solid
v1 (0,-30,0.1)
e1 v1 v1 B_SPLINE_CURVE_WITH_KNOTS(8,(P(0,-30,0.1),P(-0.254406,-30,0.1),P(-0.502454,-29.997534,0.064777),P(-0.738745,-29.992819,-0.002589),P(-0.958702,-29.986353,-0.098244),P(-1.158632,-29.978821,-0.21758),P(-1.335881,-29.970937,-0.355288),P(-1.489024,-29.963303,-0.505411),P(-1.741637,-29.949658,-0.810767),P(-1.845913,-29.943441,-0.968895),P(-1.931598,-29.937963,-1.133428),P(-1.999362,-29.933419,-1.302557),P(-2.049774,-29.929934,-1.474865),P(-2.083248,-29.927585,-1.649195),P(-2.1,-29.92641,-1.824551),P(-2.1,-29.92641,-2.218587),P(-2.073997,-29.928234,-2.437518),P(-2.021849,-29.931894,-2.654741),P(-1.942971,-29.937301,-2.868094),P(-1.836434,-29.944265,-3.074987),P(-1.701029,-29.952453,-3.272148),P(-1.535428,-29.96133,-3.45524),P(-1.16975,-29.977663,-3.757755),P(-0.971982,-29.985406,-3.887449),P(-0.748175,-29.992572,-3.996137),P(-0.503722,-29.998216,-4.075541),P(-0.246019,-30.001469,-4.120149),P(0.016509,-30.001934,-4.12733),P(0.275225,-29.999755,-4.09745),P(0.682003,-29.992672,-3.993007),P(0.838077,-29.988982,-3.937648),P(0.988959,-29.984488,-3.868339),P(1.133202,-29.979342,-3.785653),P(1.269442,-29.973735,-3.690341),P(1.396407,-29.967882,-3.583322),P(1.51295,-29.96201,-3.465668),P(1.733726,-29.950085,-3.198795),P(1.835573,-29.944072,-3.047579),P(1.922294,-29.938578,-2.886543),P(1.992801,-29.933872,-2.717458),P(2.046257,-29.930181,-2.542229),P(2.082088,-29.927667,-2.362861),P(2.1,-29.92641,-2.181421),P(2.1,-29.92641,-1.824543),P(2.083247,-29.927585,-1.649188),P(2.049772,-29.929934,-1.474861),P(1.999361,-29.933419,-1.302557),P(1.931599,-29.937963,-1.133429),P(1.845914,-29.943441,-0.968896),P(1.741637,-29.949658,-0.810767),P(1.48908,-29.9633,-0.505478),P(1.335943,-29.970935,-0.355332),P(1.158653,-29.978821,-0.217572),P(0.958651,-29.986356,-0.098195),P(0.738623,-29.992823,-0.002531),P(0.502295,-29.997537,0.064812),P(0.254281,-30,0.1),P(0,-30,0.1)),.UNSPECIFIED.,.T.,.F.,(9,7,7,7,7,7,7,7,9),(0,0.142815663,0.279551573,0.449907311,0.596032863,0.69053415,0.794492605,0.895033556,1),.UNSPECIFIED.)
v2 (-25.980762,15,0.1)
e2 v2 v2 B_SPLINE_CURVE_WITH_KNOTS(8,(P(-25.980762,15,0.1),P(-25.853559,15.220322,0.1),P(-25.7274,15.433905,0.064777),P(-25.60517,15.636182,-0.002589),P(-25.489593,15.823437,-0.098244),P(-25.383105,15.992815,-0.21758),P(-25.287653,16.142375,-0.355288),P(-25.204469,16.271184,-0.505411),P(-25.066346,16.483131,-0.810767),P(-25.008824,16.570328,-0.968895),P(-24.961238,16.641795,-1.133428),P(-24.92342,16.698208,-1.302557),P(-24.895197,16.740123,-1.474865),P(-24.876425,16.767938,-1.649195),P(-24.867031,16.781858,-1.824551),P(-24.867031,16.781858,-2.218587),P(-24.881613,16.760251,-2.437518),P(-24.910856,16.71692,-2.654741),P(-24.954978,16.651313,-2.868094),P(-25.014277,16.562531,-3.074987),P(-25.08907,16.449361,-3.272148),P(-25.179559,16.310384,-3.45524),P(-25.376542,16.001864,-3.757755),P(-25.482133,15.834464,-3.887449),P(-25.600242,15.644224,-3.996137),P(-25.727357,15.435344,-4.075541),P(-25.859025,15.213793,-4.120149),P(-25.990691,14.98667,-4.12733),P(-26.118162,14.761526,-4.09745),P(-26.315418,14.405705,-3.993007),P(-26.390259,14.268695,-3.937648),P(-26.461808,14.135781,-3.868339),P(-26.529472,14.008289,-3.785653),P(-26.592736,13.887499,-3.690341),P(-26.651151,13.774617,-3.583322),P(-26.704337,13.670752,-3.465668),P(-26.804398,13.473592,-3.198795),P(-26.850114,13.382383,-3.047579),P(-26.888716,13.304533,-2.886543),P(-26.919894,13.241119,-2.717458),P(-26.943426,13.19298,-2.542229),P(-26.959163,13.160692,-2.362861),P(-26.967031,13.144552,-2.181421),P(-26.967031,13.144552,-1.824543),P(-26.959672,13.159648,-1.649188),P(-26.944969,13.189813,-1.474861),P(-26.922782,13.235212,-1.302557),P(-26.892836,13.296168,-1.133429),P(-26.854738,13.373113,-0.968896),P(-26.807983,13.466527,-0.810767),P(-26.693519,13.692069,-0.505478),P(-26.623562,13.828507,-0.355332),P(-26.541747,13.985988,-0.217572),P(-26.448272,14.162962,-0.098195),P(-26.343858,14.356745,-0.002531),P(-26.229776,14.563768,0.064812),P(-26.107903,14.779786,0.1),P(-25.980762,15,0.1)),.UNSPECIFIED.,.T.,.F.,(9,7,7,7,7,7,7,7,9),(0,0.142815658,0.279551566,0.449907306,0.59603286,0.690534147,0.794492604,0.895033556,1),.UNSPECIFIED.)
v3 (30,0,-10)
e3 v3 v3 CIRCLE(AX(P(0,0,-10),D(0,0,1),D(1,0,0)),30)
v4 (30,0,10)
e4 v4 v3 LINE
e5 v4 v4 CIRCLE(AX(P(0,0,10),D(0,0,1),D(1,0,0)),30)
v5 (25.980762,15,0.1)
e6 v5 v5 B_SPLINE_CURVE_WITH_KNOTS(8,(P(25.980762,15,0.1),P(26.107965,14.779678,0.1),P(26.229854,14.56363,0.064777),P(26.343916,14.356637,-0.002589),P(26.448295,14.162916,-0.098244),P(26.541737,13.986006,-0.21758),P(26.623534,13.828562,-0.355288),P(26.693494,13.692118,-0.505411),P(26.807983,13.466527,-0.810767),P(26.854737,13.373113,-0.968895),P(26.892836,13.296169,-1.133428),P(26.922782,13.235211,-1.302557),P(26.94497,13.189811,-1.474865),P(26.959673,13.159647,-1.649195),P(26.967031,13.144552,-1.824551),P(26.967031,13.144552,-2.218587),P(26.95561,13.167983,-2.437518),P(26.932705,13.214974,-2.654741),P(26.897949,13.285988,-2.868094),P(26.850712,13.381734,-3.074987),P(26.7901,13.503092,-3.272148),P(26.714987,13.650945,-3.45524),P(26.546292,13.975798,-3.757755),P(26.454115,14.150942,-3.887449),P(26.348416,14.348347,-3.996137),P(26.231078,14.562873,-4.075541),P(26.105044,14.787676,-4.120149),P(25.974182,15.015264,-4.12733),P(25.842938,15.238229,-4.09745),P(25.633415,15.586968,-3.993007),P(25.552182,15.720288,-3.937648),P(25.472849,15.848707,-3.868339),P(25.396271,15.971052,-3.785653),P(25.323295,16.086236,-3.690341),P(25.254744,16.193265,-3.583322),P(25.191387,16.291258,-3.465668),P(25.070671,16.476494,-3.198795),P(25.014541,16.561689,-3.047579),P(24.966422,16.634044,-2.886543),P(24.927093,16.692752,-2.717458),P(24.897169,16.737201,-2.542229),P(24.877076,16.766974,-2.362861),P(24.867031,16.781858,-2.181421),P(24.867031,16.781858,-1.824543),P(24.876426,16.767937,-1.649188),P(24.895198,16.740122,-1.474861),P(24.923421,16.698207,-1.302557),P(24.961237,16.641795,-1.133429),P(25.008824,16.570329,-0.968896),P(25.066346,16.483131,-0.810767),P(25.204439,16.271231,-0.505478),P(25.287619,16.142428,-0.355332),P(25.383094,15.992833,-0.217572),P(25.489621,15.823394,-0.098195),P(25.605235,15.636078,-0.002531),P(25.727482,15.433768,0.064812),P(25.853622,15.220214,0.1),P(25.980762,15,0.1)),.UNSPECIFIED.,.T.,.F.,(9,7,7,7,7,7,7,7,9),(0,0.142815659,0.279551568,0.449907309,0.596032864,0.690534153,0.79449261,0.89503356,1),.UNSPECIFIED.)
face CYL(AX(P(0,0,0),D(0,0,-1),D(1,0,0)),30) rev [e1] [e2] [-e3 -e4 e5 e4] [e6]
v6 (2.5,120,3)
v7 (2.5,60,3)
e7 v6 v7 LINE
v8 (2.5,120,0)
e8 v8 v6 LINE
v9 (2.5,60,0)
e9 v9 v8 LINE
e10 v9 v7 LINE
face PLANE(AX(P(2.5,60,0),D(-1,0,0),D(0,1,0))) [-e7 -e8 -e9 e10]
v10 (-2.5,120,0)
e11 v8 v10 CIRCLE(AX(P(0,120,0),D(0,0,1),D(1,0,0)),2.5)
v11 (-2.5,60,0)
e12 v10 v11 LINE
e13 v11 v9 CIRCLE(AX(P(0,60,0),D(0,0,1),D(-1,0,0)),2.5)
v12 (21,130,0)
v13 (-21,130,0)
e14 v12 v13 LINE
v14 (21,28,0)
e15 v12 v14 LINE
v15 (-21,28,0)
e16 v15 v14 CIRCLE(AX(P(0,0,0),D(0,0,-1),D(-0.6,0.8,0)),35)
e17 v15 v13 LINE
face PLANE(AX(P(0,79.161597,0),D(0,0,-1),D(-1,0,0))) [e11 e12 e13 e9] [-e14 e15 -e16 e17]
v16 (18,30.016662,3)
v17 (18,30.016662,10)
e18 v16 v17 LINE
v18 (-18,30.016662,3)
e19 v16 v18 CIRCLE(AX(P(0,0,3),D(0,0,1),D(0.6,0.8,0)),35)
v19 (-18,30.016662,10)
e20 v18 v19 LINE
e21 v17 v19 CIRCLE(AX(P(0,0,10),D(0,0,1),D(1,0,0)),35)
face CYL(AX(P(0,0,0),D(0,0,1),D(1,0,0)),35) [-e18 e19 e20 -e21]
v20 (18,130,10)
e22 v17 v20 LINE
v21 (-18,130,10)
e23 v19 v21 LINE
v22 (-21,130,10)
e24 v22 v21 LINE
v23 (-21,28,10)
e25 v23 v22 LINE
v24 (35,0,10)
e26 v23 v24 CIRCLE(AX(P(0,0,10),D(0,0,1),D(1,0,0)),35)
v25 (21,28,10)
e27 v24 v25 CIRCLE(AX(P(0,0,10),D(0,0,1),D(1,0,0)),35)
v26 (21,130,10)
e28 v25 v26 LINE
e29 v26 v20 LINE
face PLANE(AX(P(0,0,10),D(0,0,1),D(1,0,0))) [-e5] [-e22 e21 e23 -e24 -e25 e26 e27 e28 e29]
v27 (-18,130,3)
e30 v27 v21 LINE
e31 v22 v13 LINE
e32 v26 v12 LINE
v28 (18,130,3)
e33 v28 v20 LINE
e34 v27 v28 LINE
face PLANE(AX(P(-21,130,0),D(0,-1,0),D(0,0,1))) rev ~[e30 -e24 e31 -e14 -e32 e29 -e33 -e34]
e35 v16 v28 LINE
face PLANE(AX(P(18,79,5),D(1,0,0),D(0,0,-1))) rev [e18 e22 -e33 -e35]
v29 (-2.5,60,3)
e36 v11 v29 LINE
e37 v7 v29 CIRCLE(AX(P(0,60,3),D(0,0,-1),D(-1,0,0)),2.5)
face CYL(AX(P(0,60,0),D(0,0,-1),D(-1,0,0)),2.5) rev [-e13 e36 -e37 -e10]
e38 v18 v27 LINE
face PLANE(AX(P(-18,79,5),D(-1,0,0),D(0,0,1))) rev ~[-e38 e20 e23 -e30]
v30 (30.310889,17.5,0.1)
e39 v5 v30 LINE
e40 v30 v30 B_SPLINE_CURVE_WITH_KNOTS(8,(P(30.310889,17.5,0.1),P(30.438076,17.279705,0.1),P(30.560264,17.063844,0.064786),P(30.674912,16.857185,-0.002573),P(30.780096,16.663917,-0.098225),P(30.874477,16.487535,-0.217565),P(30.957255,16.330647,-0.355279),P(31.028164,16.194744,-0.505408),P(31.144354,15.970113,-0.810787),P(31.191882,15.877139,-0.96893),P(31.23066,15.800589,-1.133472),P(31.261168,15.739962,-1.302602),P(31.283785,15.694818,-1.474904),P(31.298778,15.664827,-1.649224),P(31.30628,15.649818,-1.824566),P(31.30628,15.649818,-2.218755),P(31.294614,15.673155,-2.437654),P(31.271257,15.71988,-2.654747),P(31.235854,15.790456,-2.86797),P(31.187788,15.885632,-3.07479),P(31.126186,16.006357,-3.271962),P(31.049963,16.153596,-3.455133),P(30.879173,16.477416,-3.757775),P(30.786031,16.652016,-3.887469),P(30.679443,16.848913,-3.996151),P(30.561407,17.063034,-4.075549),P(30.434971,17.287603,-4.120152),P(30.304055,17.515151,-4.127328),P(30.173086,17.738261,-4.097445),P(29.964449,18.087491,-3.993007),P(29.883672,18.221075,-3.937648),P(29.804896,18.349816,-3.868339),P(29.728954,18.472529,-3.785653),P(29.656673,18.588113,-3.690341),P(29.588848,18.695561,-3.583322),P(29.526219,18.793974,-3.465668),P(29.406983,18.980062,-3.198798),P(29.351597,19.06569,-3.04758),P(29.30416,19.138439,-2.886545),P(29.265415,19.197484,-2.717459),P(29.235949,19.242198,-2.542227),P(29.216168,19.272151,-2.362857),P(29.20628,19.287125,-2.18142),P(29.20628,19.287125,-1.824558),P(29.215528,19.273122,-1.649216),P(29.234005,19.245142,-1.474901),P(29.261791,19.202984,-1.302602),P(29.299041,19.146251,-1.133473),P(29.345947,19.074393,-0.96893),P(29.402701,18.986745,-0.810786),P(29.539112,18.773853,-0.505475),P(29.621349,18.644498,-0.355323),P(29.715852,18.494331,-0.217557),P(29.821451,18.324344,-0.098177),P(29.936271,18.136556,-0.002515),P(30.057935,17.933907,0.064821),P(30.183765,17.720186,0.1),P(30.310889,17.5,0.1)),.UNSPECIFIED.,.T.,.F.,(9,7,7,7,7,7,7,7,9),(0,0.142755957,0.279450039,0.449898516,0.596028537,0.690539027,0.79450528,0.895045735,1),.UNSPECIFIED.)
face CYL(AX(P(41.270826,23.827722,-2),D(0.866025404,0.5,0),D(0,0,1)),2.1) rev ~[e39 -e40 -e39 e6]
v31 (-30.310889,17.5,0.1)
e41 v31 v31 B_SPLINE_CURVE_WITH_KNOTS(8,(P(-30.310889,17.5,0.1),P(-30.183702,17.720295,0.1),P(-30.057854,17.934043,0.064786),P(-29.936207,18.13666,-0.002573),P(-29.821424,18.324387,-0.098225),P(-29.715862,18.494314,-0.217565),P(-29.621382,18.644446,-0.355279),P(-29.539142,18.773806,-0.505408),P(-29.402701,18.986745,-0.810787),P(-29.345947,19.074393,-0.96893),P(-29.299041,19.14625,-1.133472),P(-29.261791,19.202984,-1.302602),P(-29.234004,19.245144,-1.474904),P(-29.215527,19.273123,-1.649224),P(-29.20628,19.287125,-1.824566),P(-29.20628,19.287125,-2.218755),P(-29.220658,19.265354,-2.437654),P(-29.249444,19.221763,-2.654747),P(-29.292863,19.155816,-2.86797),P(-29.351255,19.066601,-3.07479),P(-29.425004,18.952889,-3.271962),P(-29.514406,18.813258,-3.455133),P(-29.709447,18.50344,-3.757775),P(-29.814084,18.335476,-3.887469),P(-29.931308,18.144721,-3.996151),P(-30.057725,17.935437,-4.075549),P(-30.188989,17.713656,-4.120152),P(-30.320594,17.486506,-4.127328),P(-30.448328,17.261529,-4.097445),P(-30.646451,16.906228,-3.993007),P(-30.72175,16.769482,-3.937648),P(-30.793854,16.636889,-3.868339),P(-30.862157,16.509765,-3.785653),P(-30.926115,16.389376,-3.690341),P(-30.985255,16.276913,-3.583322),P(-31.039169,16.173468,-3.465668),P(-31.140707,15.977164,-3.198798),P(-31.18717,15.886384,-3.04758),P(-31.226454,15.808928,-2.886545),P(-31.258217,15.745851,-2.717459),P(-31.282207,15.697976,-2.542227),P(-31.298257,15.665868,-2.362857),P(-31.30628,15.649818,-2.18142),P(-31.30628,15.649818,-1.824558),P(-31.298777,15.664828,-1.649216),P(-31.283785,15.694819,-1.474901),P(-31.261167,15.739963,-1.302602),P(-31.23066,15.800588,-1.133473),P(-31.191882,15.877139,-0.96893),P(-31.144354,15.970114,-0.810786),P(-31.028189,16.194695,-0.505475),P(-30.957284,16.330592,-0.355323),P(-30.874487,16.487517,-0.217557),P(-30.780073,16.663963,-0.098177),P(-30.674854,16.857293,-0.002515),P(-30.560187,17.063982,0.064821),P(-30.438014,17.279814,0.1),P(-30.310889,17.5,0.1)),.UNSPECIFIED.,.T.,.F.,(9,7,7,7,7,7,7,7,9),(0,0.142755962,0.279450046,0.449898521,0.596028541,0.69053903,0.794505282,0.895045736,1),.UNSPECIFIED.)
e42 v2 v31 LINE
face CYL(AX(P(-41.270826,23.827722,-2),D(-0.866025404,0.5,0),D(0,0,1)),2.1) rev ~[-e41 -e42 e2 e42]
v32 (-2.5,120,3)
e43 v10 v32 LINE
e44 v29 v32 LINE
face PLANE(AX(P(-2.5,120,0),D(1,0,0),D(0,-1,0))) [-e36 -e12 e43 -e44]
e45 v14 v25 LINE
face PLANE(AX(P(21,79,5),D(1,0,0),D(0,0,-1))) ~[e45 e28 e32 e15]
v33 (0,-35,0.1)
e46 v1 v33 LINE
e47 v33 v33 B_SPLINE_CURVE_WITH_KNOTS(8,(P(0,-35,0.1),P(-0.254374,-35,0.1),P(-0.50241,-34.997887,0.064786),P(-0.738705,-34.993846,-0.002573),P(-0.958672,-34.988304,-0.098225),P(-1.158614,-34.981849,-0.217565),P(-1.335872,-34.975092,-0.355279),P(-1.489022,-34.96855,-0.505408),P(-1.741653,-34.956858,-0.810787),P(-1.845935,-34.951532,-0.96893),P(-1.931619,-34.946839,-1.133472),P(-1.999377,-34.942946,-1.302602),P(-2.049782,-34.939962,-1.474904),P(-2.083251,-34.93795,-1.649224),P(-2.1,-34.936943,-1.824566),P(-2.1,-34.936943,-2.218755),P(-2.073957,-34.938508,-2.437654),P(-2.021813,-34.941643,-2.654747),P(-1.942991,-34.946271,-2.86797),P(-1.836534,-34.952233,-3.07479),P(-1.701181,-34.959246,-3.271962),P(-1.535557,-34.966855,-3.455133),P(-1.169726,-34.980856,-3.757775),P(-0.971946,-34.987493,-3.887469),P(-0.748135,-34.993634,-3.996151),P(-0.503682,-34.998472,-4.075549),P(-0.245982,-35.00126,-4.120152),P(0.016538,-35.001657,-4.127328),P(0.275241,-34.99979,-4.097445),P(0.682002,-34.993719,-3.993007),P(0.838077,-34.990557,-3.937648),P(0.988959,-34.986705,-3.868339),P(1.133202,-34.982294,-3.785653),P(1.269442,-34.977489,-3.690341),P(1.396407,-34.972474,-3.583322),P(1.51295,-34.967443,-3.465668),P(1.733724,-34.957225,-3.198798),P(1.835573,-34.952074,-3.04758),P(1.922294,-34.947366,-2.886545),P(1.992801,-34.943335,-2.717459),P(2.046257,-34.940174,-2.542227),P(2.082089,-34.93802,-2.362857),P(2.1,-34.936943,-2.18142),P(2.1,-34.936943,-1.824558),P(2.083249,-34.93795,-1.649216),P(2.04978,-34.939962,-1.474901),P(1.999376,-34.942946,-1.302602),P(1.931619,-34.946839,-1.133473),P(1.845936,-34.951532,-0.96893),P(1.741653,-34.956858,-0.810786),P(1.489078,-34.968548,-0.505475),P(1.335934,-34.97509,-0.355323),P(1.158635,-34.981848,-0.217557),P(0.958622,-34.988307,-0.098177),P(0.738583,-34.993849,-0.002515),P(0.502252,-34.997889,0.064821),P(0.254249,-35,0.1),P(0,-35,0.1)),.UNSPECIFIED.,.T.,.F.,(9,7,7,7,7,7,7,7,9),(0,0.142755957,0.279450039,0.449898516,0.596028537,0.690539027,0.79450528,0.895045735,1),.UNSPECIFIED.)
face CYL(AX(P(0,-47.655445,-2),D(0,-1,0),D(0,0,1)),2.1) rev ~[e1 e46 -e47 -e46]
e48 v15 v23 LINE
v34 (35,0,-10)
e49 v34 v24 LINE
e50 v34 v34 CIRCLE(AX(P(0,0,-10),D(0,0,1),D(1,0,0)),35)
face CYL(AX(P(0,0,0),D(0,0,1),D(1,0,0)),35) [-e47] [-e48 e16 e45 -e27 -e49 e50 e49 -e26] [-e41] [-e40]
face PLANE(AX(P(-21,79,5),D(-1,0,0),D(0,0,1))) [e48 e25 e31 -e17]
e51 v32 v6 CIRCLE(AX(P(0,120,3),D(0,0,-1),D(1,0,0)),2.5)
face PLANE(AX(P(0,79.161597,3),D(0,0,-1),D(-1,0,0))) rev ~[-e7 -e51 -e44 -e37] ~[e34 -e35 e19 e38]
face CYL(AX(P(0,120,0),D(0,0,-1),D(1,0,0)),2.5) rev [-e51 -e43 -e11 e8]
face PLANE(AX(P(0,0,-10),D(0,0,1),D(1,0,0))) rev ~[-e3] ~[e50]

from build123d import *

# Parameters (mm, degrees)
SKETCH1_R           = 35
SKETCH1_R_2         = 30
BOSS_EXTRUDE1_DEPTH = 10
BOSS_EXTRUDE2_START = 3
BOSS_EXTRUDE2_DEPTH = 3
SKETCH3_W           = 10
SKETCH3_H           = 102
BOSS_EXTRUDE3_DEPTH = 3
SKETCH6_W           = 2.1
SKETCH6_H           = 95.310889132
CIRPATTERN1_COUNT   = 3
CUT_EXTRUDE1_REACH  = 137


with BuildPart() as part:
    # Sketch1 → Boss-Extrude1 (new, symmetric)
    with BuildSketch(Plane.XY):
        Circle(SKETCH1_R)
        Circle(SKETCH1_R_2, mode=Mode.SUBTRACT)
    extrude(amount=BOSS_EXTRUDE1_DEPTH, both=True)

    # Sketch2 → Boss-Extrude2 (add)
    with BuildSketch(Plane.XY.offset(BOSS_EXTRUDE2_START)):
        with BuildLine():
            Line((-21, 130), (21, 130))
            Line((21, 130), (21, 28))
            ThreePointArc((21, 28), (0, 35), (-21, 28))
            Line((-21, 28), (-21, 130))
        make_face()
    extrude(amount=-BOSS_EXTRUDE2_DEPTH)

    # Sketch3 → Boss-Extrude3 (add)
    with BuildSketch(Plane.ZY.offset(21)):
        with Locations((5, 79)):
            Rectangle(SKETCH3_W, SKETCH3_H)
    boss_extrude3 = extrude(amount=-BOSS_EXTRUDE3_DEPTH)

    # Mirror1: Boss-Extrude3 across plane
    add(boss_extrude3.mirror(Plane(origin=(0, 0, 0), x_dir=(0, 0, 1), z_dir=(1, 0, 0))))

    # Sketch6 → M5x0.8 Tapped Hole1 (revolve, cut)
    with BuildSketch(Plane(origin=(0, 0, -2), x_dir=(0, 0, 1), z_dir=(1, 0, 0))):
        with Locations((1.05, 47.655444566)):
            Rectangle(SKETCH6_W, SKETCH6_H)
    m5x0_8_tapped_hole1 = revolve(axis=Axis((0, 6.35, -2), (0, -1, 0)), mode=Mode.SUBTRACT)

    # CirPattern1: M5x0.8 Tapped Hole1 ×3 about axis
    cirpattern1_axis = Axis((0, 0, 10), (0, 0, -1))
    for i in range(1, CIRPATTERN1_COUNT):
        add(m5x0_8_tapped_hole1.rotate(cirpattern1_axis, i * 360 / CIRPATTERN1_COUNT), mode=Mode.SUBTRACT)

    # Sketch7 → Cut-Extrude1 (cut, up to next)
    with BuildSketch(Plane(origin=(0, 0, 0), x_dir=(-1, 0, 0), z_dir=(0, 0, -1)), mode=Mode.PRIVATE) as cut_extrude1_sk1:
        with BuildLine():
            Line((2.5, 120), (2.5, 60))
            ThreePointArc((2.5, 60), (0, 57.5), (-2.5, 60))
            Line((-2.5, 60), (-2.5, 120))
            ThreePointArc((-2.5, 120), (0, 122.5), (2.5, 120))
        make_face()
    cut_extrude1_tool1 = extrude(cut_extrude1_sk1.sketch, amount=-CUT_EXTRUDE1_REACH, mode=Mode.PRIVATE) & part.part
    add(cut_extrude1_tool1.solids().sort_by_distance((0, 90, 0))[0], mode=Mode.SUBTRACT)


solid = part.part
